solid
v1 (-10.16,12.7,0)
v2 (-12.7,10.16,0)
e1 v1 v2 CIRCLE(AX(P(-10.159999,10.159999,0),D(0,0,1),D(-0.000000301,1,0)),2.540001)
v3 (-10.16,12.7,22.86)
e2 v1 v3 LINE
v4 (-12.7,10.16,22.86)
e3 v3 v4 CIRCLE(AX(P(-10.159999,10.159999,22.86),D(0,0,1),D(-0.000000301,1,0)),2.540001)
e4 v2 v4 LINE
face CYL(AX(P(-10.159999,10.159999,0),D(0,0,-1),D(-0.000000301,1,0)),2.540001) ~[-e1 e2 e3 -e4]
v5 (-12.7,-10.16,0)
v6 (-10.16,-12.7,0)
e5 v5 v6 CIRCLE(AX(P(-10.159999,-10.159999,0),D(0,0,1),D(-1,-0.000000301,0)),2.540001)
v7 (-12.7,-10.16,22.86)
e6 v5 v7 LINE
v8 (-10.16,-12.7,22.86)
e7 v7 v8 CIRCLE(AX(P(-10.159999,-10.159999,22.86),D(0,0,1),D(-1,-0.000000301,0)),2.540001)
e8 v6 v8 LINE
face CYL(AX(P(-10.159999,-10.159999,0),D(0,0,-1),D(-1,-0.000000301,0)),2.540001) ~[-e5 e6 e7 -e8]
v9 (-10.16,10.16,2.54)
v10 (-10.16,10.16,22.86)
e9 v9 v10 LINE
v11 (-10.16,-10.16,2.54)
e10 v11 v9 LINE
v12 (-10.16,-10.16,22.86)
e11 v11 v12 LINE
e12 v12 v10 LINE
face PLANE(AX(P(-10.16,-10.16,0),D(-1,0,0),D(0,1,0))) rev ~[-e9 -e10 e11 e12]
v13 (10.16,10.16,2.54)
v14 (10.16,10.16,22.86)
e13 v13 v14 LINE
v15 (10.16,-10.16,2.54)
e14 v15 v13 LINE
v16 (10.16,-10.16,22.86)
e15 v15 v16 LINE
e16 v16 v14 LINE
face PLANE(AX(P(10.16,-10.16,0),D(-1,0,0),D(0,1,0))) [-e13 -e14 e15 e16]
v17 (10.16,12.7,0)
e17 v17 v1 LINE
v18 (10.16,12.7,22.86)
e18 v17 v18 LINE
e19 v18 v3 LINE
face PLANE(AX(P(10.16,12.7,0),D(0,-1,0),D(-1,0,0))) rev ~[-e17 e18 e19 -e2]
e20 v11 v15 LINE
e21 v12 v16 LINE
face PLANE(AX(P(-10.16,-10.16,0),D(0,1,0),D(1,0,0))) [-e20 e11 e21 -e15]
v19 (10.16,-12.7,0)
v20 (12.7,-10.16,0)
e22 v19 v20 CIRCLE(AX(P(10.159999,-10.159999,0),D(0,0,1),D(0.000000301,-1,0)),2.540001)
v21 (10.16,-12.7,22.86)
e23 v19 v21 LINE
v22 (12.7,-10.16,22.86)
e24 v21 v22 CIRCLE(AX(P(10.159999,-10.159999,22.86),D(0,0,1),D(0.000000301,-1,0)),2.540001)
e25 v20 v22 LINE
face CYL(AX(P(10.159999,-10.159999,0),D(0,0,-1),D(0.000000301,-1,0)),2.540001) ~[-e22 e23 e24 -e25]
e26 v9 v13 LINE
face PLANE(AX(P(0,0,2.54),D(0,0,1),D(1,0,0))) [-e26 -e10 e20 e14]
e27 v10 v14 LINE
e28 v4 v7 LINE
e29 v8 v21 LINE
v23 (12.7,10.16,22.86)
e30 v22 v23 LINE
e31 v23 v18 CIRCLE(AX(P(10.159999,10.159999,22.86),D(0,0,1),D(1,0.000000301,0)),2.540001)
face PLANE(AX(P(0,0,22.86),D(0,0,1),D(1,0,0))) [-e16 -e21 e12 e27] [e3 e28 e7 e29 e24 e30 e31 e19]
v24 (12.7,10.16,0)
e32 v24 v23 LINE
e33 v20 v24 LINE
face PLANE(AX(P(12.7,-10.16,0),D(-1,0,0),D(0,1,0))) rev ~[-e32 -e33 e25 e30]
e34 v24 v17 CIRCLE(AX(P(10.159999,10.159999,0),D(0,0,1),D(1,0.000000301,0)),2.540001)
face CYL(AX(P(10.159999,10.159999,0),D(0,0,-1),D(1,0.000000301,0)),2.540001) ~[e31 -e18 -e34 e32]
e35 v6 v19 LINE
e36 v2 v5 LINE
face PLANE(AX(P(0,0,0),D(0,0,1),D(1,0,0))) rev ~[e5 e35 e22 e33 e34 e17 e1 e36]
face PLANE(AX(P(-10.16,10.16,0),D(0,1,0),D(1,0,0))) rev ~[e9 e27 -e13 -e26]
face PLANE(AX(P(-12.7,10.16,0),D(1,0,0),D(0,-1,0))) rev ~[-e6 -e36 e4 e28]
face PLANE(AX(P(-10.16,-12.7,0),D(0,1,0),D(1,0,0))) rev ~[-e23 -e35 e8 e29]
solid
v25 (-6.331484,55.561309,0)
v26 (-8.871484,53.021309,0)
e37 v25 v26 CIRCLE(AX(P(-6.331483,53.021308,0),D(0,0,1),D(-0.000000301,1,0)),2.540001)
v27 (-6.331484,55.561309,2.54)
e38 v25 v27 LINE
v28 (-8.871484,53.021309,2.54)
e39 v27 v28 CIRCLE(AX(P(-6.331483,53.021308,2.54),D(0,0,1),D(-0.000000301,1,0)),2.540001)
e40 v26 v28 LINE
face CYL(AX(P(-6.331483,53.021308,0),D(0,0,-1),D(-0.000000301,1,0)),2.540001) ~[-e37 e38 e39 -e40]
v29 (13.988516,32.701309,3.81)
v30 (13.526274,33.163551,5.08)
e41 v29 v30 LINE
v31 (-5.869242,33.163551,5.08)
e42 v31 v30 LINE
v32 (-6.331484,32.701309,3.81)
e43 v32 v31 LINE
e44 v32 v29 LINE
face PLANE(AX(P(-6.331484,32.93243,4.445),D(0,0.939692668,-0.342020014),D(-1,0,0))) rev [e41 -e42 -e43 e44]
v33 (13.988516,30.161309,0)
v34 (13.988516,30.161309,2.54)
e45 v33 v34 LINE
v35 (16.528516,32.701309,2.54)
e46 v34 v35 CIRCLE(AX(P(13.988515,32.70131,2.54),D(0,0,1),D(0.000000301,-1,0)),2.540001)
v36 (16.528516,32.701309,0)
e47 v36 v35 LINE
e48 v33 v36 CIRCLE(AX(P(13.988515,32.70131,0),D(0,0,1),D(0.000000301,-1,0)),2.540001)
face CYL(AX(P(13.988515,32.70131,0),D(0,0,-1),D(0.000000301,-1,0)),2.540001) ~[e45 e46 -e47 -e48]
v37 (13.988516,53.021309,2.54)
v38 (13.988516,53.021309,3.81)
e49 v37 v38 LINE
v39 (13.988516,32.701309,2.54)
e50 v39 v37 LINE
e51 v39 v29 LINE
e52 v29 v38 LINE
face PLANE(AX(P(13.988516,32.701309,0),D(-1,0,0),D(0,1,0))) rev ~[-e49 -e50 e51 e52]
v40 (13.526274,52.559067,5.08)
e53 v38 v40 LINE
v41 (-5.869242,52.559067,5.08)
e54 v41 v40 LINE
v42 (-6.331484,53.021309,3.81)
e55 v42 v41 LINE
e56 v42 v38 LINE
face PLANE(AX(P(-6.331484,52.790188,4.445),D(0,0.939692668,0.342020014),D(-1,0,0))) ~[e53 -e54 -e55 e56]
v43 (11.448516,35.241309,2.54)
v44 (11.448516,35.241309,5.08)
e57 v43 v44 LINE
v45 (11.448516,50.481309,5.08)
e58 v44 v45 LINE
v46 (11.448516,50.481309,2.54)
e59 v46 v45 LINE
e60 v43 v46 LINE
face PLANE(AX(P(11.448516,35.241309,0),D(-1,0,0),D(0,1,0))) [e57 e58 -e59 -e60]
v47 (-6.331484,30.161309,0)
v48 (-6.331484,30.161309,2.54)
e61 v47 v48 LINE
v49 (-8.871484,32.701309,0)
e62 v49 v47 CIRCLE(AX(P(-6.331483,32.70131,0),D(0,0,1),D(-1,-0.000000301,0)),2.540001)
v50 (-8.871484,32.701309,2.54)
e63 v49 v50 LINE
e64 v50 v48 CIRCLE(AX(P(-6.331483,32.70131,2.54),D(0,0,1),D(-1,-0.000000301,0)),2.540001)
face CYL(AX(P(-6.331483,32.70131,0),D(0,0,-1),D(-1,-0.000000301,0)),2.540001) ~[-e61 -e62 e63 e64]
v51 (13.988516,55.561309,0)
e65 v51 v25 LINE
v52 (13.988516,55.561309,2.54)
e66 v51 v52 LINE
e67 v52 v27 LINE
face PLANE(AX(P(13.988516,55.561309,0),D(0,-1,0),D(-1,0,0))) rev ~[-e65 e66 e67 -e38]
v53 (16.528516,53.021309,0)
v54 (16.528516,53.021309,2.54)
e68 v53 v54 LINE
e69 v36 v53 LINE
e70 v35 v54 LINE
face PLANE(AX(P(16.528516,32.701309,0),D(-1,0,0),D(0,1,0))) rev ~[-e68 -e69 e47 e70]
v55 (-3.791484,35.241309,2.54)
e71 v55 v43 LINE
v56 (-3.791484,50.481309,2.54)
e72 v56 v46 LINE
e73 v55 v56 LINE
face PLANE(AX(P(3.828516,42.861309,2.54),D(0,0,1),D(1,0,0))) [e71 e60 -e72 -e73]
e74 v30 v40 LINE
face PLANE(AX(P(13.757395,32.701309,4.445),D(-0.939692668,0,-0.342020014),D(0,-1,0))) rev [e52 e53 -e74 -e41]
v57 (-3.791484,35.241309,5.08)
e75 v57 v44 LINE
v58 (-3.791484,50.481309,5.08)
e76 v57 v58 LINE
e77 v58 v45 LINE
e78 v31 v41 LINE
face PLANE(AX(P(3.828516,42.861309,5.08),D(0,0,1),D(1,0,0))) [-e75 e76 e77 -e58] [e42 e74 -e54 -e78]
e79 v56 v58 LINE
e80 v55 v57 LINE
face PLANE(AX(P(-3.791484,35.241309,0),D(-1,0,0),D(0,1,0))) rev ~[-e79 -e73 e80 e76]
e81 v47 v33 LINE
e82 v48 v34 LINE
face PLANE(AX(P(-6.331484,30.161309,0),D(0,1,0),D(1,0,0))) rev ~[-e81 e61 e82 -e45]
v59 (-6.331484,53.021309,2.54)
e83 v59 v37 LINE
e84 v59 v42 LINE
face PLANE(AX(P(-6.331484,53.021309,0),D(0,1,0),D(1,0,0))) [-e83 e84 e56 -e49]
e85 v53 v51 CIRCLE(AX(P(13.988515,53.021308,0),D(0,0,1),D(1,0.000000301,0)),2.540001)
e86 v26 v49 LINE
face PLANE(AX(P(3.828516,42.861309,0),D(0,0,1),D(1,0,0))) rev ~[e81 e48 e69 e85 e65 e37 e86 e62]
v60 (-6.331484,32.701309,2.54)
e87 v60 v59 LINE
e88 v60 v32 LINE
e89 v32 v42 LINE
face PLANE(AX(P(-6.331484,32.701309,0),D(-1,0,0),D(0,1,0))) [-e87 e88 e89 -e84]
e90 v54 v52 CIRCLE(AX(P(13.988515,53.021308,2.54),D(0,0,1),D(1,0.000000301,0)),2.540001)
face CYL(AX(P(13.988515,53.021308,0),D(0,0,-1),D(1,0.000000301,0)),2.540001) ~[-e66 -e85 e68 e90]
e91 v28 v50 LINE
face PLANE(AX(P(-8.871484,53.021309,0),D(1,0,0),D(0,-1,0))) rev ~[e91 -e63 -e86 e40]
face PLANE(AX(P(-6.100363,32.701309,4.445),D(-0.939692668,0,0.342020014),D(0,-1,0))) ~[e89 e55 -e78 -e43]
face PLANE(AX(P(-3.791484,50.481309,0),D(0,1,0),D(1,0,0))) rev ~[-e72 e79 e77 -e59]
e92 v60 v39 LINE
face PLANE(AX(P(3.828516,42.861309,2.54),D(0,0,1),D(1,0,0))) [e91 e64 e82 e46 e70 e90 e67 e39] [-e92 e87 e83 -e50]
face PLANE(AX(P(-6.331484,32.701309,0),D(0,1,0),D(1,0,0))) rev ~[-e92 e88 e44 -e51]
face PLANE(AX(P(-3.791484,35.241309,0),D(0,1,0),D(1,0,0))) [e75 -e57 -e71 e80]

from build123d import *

# Parameters (mm, degrees)
F0_W     = 20.32
F0_H     = 20.32
F1_DEPTH = 22.86
F2_DEPTH = 2.54
F3_DEPTH = 2.54
F0_W_2   = 15.24
F0_H_2   = 15.24
F4_DEPTH = 5.08
F5_DEPTH = 2.54
F6_SIZE2 = 0.462242
F6_SIZE  = 1.27


with BuildPart() as f1:
    # F0 (on Top) → F1 (new body)
    with BuildSketch(Plane.XY):
        with BuildLine():
            Line((10.16, 12.7), (-10.16, 12.7))
            ThreePointArc((-10.16, 12.7), (-11.956051, 11.956051), (-12.7, 10.16))
            Line((-12.7, 10.16), (-12.7, -10.16))
            ThreePointArc((-12.7, -10.16), (-11.956051, -11.956051), (-10.16, -12.7))
            Line((-10.16, -12.7), (10.16, -12.7))
            ThreePointArc((10.16, -12.7), (11.956051, -11.956051), (12.7, -10.16))
            Line((12.7, -10.16), (12.7, 10.16))
            ThreePointArc((12.7, 10.16), (11.956051, 11.956051), (10.16, 12.7))
        make_face()
        Rectangle(F0_W, F0_H, mode=Mode.SUBTRACT)
    extrude(amount=F1_DEPTH)

    # F0 (on Top) → F2 (join)
    with BuildSketch(Plane.XY):
        Rectangle(F0_W, F0_H)
    extrude(amount=F2_DEPTH)


with BuildPart() as f3:
    # F0 (on Top) → F3 (new body)
    with BuildSketch(Plane.XY):
        with BuildLine():
            Line((13.988516, 55.561309), (-6.331484, 55.561309))
            ThreePointArc((-6.331484, 55.561309), (-8.127535, 54.81736), (-8.871484, 53.021309))
            Line((-8.871484, 53.021309), (-8.871484, 32.701309))
            ThreePointArc((-8.871484, 32.701309), (-8.127535, 30.905258), (-6.331484, 30.161309))
            Line((-6.331484, 30.161309), (13.988516, 30.161309))
            ThreePointArc((13.988516, 30.161309), (15.784567, 30.905258), (16.528516, 32.701309))
            Line((16.528516, 32.701309), (16.528516, 53.021309))
            ThreePointArc((16.528516, 53.021309), (15.784567, 54.81736), (13.988516, 55.561309))
        make_face()
        with Locations((3.828516, 42.861309)):
            Rectangle(F0_W, F0_H, mode=Mode.SUBTRACT)
    extrude(amount=F3_DEPTH)

    # F0 (on Top) → F4 (join)
    with BuildSketch(Plane.XY):
        with Locations((3.828516, 42.861309)):
            Rectangle(F0_W, F0_H)
        with Locations((3.828516, 42.861309)):
            Rectangle(F0_W_2, F0_H_2, mode=Mode.SUBTRACT)
    extrude(amount=F4_DEPTH)

    # F0 (on Top) → F5 (join)
    with BuildSketch(Plane.XY):
        with Locations((3.828516, 42.861309)):
            Rectangle(F0_W_2, F0_H_2)
    extrude(amount=F5_DEPTH)

    # F6
    f6_edges = [f3.edges().sort_by_distance(p)[0] for p in [
        (13.988516, 42.861309, 5.08),
        (3.828516, 32.701309, 5.08),
        (3.828516, 53.021309, 5.08),
        (-6.331484, 42.861309, 5.08),
    ]]
    chamfer(f6_edges, length=F6_SIZE, length2=F6_SIZE2)


solid = Compound([f1.part, f3.part])
